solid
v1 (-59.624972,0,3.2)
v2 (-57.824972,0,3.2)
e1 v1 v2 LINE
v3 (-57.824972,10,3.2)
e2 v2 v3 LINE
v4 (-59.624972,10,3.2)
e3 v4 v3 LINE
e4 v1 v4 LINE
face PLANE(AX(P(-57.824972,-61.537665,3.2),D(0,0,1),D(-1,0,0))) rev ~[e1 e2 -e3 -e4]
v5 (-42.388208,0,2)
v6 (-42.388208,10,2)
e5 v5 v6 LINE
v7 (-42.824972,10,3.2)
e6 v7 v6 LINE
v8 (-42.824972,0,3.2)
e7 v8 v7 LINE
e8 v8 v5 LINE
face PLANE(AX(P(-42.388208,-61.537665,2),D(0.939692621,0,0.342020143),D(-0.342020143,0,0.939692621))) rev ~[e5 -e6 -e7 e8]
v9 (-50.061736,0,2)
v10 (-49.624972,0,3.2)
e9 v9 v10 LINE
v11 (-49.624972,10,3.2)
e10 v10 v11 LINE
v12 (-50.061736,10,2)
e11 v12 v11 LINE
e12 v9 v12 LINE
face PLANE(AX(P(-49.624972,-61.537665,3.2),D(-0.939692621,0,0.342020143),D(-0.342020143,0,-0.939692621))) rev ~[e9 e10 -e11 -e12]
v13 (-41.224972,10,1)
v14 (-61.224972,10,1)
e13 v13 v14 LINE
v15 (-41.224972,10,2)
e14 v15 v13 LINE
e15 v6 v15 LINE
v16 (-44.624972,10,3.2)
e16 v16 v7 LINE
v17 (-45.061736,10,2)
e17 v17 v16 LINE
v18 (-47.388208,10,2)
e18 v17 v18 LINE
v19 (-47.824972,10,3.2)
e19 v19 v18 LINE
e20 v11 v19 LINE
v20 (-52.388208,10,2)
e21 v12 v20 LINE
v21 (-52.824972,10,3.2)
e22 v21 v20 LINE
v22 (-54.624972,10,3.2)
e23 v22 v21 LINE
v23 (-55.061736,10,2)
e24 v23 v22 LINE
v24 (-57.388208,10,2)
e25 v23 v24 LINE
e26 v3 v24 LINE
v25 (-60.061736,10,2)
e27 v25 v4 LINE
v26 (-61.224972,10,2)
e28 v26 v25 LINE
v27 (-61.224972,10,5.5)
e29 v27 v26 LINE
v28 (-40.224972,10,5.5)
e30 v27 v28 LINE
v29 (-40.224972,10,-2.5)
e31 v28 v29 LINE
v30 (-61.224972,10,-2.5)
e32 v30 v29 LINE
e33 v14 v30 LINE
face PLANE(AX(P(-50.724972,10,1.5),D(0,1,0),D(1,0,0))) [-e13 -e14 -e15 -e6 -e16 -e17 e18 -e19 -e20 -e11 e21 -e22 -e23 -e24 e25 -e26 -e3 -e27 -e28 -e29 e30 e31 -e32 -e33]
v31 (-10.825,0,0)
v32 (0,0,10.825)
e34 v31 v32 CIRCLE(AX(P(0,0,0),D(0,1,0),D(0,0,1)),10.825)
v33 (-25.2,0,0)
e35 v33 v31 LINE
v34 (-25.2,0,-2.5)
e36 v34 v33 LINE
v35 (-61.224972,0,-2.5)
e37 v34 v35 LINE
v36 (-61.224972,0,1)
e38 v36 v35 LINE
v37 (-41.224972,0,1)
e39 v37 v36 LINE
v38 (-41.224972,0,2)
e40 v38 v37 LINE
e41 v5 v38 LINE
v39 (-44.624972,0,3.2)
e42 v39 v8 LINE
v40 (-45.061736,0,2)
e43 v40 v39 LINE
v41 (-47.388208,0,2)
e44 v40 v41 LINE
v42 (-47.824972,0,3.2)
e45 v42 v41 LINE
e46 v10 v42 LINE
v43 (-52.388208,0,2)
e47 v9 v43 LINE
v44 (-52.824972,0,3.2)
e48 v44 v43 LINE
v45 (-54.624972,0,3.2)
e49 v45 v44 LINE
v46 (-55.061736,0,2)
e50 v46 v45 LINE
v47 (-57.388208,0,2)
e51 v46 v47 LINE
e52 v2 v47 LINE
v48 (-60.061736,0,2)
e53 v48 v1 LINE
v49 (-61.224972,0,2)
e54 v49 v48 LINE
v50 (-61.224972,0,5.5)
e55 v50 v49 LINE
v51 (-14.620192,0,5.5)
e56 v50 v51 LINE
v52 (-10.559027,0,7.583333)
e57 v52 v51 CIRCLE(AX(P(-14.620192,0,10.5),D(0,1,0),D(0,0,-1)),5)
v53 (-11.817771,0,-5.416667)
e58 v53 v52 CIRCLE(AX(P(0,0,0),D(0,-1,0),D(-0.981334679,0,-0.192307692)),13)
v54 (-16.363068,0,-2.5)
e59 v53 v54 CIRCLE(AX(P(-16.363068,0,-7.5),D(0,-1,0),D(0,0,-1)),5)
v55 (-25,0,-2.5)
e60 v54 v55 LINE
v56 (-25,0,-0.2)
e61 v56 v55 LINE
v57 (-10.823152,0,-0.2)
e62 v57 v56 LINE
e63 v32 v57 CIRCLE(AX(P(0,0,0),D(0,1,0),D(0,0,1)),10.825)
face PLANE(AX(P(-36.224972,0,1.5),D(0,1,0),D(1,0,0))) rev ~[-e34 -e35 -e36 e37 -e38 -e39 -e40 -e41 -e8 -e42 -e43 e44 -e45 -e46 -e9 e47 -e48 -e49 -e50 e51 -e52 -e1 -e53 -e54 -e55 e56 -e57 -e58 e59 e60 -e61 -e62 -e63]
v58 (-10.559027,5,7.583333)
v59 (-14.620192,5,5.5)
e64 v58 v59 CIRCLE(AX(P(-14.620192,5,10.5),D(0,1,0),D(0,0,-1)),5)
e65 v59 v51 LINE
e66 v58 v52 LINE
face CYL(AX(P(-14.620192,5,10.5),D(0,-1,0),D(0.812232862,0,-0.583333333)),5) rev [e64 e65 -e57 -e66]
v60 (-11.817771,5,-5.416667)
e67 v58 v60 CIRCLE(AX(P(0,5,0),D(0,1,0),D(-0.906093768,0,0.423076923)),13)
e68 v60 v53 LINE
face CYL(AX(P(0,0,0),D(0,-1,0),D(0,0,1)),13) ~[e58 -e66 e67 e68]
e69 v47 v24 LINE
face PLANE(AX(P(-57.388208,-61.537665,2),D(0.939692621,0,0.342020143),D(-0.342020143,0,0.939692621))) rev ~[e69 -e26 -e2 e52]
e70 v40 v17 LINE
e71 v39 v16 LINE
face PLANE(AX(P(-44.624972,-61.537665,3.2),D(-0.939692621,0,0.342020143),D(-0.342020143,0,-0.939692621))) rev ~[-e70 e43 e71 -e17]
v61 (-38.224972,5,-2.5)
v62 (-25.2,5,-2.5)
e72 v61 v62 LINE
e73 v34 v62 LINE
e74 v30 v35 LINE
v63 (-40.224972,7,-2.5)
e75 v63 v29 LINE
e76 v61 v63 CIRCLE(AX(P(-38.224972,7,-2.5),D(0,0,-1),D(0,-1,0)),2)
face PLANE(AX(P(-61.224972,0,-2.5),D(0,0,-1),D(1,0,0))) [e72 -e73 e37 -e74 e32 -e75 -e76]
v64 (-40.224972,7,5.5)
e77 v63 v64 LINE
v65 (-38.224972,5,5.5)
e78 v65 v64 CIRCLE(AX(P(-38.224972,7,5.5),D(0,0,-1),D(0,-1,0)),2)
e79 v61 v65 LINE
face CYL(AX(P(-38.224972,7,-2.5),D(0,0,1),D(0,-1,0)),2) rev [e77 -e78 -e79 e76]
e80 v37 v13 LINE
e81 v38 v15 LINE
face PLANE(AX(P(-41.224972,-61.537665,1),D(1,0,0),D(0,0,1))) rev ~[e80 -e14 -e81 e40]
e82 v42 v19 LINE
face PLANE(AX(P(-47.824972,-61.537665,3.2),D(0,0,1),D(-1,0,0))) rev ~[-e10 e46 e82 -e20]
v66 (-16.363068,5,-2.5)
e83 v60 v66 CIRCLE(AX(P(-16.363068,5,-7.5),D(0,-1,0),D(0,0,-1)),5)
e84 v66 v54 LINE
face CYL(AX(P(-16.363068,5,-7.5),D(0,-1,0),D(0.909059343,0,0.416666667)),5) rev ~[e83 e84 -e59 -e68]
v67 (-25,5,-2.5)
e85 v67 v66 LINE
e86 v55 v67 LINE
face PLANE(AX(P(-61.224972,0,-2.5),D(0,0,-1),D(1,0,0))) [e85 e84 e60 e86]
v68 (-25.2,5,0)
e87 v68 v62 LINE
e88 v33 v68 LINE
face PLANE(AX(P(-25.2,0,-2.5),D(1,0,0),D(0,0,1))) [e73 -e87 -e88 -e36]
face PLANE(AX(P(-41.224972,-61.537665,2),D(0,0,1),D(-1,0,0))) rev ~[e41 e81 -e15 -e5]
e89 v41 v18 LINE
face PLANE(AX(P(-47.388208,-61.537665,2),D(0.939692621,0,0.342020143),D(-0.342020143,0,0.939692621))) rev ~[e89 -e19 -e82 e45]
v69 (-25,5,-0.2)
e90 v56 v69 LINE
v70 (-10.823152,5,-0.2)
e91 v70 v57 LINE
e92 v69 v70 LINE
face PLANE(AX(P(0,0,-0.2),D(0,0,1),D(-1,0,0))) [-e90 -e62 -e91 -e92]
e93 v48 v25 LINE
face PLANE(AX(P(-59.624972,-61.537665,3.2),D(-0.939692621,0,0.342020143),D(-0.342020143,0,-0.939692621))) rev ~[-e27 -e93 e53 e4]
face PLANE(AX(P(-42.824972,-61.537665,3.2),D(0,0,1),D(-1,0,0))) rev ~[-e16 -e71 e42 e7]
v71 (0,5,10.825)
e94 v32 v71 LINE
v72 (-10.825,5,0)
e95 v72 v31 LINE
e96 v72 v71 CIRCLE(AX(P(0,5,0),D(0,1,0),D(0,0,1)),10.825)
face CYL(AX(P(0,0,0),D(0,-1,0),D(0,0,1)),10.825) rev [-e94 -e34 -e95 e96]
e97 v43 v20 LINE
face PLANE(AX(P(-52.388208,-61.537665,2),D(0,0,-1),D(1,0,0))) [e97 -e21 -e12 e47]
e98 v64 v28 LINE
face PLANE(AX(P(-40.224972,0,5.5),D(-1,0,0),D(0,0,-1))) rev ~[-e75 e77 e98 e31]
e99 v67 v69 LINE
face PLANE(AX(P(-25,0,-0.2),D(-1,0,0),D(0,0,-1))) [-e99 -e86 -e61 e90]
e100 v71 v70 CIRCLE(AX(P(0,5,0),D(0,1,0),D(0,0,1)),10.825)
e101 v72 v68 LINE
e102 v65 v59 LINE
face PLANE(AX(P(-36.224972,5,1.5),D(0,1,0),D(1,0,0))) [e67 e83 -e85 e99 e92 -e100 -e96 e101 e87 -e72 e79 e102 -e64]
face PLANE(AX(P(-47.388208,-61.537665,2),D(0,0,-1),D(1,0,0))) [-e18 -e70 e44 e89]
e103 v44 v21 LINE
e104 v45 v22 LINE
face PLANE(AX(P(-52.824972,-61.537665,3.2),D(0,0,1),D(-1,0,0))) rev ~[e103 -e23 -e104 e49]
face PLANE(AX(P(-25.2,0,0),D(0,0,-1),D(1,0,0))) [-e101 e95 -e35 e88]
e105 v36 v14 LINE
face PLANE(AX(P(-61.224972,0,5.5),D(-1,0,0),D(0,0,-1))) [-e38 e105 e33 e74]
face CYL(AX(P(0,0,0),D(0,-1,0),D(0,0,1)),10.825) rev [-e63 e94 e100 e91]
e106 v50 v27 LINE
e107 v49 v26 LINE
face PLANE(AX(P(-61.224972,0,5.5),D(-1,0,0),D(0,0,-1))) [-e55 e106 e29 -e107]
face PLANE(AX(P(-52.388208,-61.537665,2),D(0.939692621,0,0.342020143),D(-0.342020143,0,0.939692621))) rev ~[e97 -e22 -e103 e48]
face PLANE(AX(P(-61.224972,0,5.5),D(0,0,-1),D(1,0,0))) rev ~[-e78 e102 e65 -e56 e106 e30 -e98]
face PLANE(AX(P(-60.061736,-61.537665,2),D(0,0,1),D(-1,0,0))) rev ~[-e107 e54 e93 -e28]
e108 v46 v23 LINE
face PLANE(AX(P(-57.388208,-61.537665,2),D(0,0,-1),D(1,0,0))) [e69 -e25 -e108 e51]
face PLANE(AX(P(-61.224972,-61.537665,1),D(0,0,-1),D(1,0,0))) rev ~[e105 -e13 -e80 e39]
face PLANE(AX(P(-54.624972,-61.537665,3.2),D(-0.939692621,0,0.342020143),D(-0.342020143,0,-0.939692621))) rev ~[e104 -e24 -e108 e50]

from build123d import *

# Parameters (mm, degrees)
SKETCH_1_R          = 13
SKETCH_1_R_2        = 10.825
RING_DEPTH          = 5
SKETCH_2_W          = 50
SKETCH_2_H          = 8
STICK_DEPTH         = 5
SKETCH_3_W          = 21
SKETCH_3_H          = 8
KEY_DEPTH           = 10
FILLET_1_R          = 5
FILLET_5_R          = 2
KEY_HOLE_DEPTH      = 64.037665059
KEY_HOLE_DEPTH_BACK = 64.037665059
CUT_EXTRUDE_2_DEPTH = 64.3837299


with BuildPart() as part:
    # Эскиз1 → ring (new body)
    with BuildSketch(Plane(origin=(0, 0, 0), x_dir=(1, 0, 0), z_dir=(0, 1, 0))):
        with Locations(Location((0, 0, 0), (0, 0, 270))):
            Circle(SKETCH_1_R)
        with Locations(Location((0, 0, 0), (0, 0, 270))):
            Circle(SKETCH_1_R_2, mode=Mode.SUBTRACT)
    extrude(amount=RING_DEPTH)

    # Эскиз2 → stick (add)
    with BuildSketch(Plane(origin=(0, 0, 0), x_dir=(1, 0, 0), z_dir=(0, 1, 0))):
        with Locations((-36.22497216, -1.5)):
            Rectangle(SKETCH_2_W, SKETCH_2_H)
    extrude(amount=STICK_DEPTH)

    # Эскиз3 → key (add)
    with BuildSketch(Plane(origin=(0, 0, 0), x_dir=(1, 0, 0), z_dir=(0, 1, 0))):
        with Locations((-50.72497216, -1.5)):
            Rectangle(SKETCH_3_W, SKETCH_3_H)
    extrude(amount=KEY_DEPTH)

    # Скругление1
    fillet_1_edges = [part.edges().sort_by_distance(p)[0] for p in [
        (-11.779218989, 2.5, 5.5),
        (-12.757350822, 2.5, -2.5),
    ]]
    fillet(fillet_1_edges, radius=FILLET_1_R)

    # Скругление5
    fillet_5_edges = [part.edges().sort_by_distance(p)[0] for p in [
        (-40.22497216, 5, 1.5),
    ]]
    fillet(fillet_5_edges, radius=FILLET_5_R)

    # Эскиз4 → key hole (cut, two sides: drawn at the far end of the back side and taken through both)
    with BuildSketch(Plane(origin=(0, 2.5, 0), x_dir=(1, 0, 0), z_dir=(0, 1, 0)).offset(-KEY_HOLE_DEPTH_BACK)):
        Polygon((-61.22497216, -1), (-41.22497216, -1), (-41.22497216, -2), (-42.388207879, -2), (-42.82497216, -3.2), (-44.62497216, -3.2), (-45.061736441, -2), (-46.22497216, -2), (-47.388207879, -2), (-47.82497216, -3.2), (-49.62497216, -3.2), (-50.061736441, -2), (-51.22497216, -2), (-52.388207879, -2), (-52.82497216, -3.2), (-54.62497216, -3.2), (-55.061736441, -2), (-56.22497216, -2), (-57.388207879, -2), (-57.82497216, -3.2), (-59.62497216, -3.2), (-60.061736441, -2), (-61.22497216, -2), align=None)
    extrude(amount=KEY_HOLE_DEPTH + KEY_HOLE_DEPTH_BACK, mode=Mode.SUBTRACT)

    # Эскиз5 → Вытянуть2 (cut, through all)
    with BuildSketch(Plane.XZ):
        Polygon((-25.2, -2.5), (-25.2, 0), (0, 0), (0, -0.2), (-25, -0.2), (-25, -2.5), align=None)
    extrude(amount=-CUT_EXTRUDE_2_DEPTH, mode=Mode.SUBTRACT)


solid = part.part
